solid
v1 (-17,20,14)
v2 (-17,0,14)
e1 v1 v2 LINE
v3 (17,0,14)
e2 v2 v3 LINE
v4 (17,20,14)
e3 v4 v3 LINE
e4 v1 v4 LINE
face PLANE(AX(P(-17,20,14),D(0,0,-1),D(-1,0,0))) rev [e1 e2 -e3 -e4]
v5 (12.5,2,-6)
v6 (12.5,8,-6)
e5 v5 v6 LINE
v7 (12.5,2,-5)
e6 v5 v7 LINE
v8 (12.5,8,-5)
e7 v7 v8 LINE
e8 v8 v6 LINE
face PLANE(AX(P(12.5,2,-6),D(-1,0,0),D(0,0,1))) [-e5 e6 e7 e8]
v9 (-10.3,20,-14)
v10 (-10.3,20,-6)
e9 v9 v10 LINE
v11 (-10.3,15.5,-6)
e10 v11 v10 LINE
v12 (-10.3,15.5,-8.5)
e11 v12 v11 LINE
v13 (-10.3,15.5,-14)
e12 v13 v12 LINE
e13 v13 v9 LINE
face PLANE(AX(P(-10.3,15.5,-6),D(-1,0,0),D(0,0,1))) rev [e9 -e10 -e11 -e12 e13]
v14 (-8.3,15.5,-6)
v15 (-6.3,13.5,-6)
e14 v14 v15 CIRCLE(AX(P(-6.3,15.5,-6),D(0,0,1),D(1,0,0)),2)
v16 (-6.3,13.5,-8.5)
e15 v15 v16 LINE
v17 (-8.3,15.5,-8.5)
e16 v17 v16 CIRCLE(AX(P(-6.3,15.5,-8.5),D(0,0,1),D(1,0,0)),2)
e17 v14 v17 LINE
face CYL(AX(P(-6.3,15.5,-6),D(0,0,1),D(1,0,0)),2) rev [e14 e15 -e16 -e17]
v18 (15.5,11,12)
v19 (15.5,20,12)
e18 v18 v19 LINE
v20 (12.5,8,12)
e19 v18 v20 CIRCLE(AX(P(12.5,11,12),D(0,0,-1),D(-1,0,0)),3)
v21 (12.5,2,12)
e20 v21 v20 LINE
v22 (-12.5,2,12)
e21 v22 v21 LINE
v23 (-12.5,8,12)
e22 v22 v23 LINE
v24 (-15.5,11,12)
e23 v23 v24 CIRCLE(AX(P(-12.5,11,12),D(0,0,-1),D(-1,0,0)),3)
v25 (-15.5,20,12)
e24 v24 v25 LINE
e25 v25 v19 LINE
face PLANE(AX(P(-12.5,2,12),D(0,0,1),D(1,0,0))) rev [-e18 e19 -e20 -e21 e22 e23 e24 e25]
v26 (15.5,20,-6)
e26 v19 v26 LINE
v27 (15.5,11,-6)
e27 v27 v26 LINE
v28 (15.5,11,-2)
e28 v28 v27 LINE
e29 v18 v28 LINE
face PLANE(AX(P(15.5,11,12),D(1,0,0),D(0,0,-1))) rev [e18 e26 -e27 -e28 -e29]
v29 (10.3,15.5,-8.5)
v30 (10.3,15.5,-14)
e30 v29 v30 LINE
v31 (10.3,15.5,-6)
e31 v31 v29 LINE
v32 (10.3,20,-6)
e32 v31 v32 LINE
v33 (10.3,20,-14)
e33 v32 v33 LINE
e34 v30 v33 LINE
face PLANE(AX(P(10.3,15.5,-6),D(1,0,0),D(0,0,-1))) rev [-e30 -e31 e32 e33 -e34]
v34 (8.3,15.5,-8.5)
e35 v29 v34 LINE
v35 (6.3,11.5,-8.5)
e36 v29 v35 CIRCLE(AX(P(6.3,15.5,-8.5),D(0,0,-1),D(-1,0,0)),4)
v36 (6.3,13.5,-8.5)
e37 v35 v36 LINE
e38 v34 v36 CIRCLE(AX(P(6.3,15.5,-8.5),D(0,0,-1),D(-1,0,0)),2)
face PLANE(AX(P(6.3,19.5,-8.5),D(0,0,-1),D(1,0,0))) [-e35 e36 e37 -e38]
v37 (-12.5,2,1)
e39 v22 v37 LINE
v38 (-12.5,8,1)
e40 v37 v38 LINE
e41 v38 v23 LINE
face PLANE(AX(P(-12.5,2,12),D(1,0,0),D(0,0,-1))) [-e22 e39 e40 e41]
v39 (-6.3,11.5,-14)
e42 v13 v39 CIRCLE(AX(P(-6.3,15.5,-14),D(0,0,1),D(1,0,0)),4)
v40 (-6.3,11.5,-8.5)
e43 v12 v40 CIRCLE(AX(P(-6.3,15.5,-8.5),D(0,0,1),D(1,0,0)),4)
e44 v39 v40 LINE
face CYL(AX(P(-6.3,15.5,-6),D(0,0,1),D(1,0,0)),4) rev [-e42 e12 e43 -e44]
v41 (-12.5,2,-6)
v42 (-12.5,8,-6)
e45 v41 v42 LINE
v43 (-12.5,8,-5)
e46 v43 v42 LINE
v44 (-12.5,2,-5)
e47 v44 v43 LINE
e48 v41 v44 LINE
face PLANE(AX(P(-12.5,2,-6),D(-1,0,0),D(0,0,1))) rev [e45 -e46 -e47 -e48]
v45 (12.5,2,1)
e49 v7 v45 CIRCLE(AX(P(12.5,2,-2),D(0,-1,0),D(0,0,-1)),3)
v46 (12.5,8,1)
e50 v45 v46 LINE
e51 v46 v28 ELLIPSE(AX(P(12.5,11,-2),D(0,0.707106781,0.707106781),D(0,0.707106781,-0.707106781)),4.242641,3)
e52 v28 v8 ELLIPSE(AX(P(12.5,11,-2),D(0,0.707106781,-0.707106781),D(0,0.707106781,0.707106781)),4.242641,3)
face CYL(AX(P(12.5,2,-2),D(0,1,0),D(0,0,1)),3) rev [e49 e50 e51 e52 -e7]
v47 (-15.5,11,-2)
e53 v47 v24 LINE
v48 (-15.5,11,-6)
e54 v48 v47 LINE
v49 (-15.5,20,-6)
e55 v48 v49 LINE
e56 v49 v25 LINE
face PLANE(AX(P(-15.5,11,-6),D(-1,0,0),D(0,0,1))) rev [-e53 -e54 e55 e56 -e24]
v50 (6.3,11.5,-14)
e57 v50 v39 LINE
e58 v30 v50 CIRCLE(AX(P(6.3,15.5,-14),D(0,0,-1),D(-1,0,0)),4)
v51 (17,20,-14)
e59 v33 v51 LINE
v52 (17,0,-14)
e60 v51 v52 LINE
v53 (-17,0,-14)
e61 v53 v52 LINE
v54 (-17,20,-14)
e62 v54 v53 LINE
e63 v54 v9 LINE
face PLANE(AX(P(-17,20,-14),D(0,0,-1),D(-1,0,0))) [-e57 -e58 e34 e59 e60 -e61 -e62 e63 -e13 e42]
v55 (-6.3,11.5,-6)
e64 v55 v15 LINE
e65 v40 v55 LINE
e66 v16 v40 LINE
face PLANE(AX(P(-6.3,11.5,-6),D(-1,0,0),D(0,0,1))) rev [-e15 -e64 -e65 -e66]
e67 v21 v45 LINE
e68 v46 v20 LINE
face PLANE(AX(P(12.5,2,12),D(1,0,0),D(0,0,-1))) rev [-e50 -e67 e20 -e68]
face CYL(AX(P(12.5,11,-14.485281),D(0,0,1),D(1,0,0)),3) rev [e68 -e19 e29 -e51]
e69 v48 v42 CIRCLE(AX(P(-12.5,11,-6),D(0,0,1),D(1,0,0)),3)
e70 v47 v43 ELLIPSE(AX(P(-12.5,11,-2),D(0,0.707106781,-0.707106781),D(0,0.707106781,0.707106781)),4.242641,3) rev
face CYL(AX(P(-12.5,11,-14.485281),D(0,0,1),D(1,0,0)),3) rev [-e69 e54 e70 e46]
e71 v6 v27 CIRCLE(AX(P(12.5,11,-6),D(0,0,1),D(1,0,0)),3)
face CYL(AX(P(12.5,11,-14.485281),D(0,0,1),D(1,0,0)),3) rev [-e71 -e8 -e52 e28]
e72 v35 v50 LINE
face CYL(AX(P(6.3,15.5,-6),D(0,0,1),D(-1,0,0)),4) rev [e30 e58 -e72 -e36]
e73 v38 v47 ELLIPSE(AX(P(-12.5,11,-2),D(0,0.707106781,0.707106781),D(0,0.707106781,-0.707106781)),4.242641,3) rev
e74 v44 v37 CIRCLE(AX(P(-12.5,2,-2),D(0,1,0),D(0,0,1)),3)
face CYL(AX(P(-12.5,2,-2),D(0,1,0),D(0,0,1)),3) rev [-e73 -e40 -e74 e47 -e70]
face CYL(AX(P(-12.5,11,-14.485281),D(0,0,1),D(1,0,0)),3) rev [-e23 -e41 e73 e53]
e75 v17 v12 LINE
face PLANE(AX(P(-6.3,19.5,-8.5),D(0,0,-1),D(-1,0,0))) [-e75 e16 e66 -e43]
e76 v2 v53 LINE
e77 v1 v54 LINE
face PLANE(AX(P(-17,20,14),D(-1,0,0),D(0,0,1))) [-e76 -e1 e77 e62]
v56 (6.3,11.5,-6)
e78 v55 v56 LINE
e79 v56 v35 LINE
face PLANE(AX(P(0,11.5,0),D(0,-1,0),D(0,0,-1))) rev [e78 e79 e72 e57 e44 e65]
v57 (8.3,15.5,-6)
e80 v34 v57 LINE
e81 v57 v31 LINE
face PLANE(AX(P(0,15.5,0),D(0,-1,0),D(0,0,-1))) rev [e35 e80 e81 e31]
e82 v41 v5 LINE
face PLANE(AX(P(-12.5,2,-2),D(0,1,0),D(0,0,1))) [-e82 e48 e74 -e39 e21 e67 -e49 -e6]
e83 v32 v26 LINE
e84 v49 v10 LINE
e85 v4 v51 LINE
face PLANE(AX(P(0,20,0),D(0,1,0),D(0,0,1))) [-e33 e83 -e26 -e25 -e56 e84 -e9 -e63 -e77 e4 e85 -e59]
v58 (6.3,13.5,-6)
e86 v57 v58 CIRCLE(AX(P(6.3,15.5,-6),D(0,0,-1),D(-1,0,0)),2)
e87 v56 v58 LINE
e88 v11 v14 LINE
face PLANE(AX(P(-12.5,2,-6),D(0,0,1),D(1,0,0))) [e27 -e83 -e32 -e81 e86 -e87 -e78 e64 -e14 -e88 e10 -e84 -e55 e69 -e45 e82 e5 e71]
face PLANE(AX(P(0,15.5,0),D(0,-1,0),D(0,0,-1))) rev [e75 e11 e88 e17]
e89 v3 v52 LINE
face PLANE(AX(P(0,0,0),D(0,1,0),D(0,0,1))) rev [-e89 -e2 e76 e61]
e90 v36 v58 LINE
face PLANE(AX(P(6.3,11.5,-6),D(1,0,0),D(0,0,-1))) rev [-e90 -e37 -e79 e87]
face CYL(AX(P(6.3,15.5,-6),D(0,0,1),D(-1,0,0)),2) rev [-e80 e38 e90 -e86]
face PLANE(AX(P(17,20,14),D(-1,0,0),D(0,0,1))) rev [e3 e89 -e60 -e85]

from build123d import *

# Parameters (mm, degrees)
SKETCH2_W           = 34
SKETCH2_H           = 28
BOSS_EXTRUDE1_DEPTH = 20
CUT_EXTRUDE1_DEPTH  = 18
SKETCH4_W           = 31
SKETCH4_H           = 18
CUT_EXTRUDE2_DEPTH  = 9
CUT_EXTRUDE3_REACH  = 38.946
SKETCH5_R           = 3
SKETCH8_W           = 12.6
SKETCH8_H           = 8
CUT_EXTRUDE5_DEPTH  = 8.5
SKETCH11_W          = 20.6
SKETCH11_H          = 8
CUT_EXTRUDE6_DEPTH  = 4.5


with BuildPart() as part:
    # Sketch2 → Boss-Extrude1 (new body)
    with BuildSketch(Plane(origin=(0, 0, 0), x_dir=(1, 0, 0), z_dir=(0, 1, 0))):
        Rectangle(SKETCH2_W, SKETCH2_H)
    extrude(amount=BOSS_EXTRUDE1_DEPTH)

    # Sketch3 → Cut-Extrude1 (cut)
    with BuildSketch(Plane(origin=(0, 20, 0), x_dir=(1, 0, 0), z_dir=(0, 1, 0))):
        with BuildLine():
            Line((-12.5, 6), (-12.5, 5))
            ThreePointArc((-12.5, 5), (-15.5, 2), (-12.5, -1))
            Line((-12.5, -1), (-12.5, -12))
            Line((-12.5, -12), (12.5, -12))
            Line((12.5, -12), (12.5, -1))
            ThreePointArc((12.5, -1), (15.5, 2), (12.5, 5))
            Line((12.5, 5), (12.5, 6))
            Line((12.5, 6), (-12.5, 6))
        make_face()
    extrude(amount=-CUT_EXTRUDE1_DEPTH, mode=Mode.SUBTRACT)

    # Sketch4 → Cut-Extrude2 (cut)
    with BuildSketch(Plane(origin=(0, 20, 0), x_dir=(1, 0, 0), z_dir=(0, 1, 0))):
        with Locations((0, -3)):
            Rectangle(SKETCH4_W, SKETCH4_H)
    extrude(amount=-CUT_EXTRUDE2_DEPTH, mode=Mode.SUBTRACT)

    # Cut-Extrude3: up to this face of the body (flat: up to its plane)
    cut_extrude3_end = Plane(part.part.faces().sort_by_distance((0, 11.482142857, -6))[0])
    # Sketch5 → Cut-Extrude3 (cut, up to the picked face)
    with BuildSketch(Plane(origin=(0, 0, 12), x_dir=(-1, 0, 0), z_dir=(0, 0, -1)), mode=Mode.PRIVATE) as cut_extrude3_sk1:
        with Locations((12.5, 11)):
            Circle(SKETCH5_R)
    cut_extrude3_tool1 = split(extrude(cut_extrude3_sk1.sketch, amount=CUT_EXTRUDE3_REACH, mode=Mode.PRIVATE), bisect_by=cut_extrude3_end, keep=Keep.BOTH, mode=Mode.PRIVATE)
    # Sketch5 → Cut-Extrude3 (cut, up to the picked face)
    with BuildSketch(Plane(origin=(0, 0, 12), x_dir=(-1, 0, 0), z_dir=(0, 0, -1)), mode=Mode.PRIVATE) as cut_extrude3_sk2:
        with Locations((-12.5, 11)):
            Circle(SKETCH5_R)
    cut_extrude3_tool2 = split(extrude(cut_extrude3_sk2.sketch, amount=CUT_EXTRUDE3_REACH, mode=Mode.PRIVATE), bisect_by=cut_extrude3_end, keep=Keep.BOTH, mode=Mode.PRIVATE)
    add(cut_extrude3_tool1.solids().sort_by(Axis((-12.5, 11, 12), (0, 0, -1)))[0], mode=Mode.SUBTRACT)
    add(cut_extrude3_tool2.solids().sort_by(Axis((12.5, 11, 12), (0, 0, -1)))[0], mode=Mode.SUBTRACT)

    # Sketch8 → Cut-Extrude5 (cut)
    with BuildSketch(Plane(origin=(0, 20, 0), x_dir=(1, 0, 0), z_dir=(0, 1, 0))):
        with Locations((0, 10)):
            Rectangle(SKETCH8_W, SKETCH8_H)
    extrude(amount=-CUT_EXTRUDE5_DEPTH, mode=Mode.SUBTRACT)

    # Sketch10 → Cut-Revolve1 (revolve, cut)
    with BuildSketch(Plane(origin=(-6.3, 0, 0), x_dir=(0, 0, -1), z_dir=(1, 0, 0))):
        Polygon((6, 15.5), (14, 15.5), (14, 19.5), (8.5, 19.5), (8.5, 17.5), (6, 17.5), align=None)
    cut_revolve1 = revolve(axis=Axis((-6.3, 15.5, -6), (0, 0, -1)), mode=Mode.SUBTRACT)

    # Mirror1: Cut-Revolve1 across plane
    add(cut_revolve1.mirror(Plane(origin=(0, 0, 0), x_dir=(0, 0, 1), z_dir=(1, 0, 0))), mode=Mode.SUBTRACT)

    # Sketch11 → Cut-Extrude6 (cut)
    with BuildSketch(Plane(origin=(0, 20, 0), x_dir=(1, 0, 0), z_dir=(0, 1, 0))):
        with Locations((0, 10)):
            Rectangle(SKETCH11_W, SKETCH11_H)
    extrude(amount=-CUT_EXTRUDE6_DEPTH, mode=Mode.SUBTRACT)


solid = part.part
